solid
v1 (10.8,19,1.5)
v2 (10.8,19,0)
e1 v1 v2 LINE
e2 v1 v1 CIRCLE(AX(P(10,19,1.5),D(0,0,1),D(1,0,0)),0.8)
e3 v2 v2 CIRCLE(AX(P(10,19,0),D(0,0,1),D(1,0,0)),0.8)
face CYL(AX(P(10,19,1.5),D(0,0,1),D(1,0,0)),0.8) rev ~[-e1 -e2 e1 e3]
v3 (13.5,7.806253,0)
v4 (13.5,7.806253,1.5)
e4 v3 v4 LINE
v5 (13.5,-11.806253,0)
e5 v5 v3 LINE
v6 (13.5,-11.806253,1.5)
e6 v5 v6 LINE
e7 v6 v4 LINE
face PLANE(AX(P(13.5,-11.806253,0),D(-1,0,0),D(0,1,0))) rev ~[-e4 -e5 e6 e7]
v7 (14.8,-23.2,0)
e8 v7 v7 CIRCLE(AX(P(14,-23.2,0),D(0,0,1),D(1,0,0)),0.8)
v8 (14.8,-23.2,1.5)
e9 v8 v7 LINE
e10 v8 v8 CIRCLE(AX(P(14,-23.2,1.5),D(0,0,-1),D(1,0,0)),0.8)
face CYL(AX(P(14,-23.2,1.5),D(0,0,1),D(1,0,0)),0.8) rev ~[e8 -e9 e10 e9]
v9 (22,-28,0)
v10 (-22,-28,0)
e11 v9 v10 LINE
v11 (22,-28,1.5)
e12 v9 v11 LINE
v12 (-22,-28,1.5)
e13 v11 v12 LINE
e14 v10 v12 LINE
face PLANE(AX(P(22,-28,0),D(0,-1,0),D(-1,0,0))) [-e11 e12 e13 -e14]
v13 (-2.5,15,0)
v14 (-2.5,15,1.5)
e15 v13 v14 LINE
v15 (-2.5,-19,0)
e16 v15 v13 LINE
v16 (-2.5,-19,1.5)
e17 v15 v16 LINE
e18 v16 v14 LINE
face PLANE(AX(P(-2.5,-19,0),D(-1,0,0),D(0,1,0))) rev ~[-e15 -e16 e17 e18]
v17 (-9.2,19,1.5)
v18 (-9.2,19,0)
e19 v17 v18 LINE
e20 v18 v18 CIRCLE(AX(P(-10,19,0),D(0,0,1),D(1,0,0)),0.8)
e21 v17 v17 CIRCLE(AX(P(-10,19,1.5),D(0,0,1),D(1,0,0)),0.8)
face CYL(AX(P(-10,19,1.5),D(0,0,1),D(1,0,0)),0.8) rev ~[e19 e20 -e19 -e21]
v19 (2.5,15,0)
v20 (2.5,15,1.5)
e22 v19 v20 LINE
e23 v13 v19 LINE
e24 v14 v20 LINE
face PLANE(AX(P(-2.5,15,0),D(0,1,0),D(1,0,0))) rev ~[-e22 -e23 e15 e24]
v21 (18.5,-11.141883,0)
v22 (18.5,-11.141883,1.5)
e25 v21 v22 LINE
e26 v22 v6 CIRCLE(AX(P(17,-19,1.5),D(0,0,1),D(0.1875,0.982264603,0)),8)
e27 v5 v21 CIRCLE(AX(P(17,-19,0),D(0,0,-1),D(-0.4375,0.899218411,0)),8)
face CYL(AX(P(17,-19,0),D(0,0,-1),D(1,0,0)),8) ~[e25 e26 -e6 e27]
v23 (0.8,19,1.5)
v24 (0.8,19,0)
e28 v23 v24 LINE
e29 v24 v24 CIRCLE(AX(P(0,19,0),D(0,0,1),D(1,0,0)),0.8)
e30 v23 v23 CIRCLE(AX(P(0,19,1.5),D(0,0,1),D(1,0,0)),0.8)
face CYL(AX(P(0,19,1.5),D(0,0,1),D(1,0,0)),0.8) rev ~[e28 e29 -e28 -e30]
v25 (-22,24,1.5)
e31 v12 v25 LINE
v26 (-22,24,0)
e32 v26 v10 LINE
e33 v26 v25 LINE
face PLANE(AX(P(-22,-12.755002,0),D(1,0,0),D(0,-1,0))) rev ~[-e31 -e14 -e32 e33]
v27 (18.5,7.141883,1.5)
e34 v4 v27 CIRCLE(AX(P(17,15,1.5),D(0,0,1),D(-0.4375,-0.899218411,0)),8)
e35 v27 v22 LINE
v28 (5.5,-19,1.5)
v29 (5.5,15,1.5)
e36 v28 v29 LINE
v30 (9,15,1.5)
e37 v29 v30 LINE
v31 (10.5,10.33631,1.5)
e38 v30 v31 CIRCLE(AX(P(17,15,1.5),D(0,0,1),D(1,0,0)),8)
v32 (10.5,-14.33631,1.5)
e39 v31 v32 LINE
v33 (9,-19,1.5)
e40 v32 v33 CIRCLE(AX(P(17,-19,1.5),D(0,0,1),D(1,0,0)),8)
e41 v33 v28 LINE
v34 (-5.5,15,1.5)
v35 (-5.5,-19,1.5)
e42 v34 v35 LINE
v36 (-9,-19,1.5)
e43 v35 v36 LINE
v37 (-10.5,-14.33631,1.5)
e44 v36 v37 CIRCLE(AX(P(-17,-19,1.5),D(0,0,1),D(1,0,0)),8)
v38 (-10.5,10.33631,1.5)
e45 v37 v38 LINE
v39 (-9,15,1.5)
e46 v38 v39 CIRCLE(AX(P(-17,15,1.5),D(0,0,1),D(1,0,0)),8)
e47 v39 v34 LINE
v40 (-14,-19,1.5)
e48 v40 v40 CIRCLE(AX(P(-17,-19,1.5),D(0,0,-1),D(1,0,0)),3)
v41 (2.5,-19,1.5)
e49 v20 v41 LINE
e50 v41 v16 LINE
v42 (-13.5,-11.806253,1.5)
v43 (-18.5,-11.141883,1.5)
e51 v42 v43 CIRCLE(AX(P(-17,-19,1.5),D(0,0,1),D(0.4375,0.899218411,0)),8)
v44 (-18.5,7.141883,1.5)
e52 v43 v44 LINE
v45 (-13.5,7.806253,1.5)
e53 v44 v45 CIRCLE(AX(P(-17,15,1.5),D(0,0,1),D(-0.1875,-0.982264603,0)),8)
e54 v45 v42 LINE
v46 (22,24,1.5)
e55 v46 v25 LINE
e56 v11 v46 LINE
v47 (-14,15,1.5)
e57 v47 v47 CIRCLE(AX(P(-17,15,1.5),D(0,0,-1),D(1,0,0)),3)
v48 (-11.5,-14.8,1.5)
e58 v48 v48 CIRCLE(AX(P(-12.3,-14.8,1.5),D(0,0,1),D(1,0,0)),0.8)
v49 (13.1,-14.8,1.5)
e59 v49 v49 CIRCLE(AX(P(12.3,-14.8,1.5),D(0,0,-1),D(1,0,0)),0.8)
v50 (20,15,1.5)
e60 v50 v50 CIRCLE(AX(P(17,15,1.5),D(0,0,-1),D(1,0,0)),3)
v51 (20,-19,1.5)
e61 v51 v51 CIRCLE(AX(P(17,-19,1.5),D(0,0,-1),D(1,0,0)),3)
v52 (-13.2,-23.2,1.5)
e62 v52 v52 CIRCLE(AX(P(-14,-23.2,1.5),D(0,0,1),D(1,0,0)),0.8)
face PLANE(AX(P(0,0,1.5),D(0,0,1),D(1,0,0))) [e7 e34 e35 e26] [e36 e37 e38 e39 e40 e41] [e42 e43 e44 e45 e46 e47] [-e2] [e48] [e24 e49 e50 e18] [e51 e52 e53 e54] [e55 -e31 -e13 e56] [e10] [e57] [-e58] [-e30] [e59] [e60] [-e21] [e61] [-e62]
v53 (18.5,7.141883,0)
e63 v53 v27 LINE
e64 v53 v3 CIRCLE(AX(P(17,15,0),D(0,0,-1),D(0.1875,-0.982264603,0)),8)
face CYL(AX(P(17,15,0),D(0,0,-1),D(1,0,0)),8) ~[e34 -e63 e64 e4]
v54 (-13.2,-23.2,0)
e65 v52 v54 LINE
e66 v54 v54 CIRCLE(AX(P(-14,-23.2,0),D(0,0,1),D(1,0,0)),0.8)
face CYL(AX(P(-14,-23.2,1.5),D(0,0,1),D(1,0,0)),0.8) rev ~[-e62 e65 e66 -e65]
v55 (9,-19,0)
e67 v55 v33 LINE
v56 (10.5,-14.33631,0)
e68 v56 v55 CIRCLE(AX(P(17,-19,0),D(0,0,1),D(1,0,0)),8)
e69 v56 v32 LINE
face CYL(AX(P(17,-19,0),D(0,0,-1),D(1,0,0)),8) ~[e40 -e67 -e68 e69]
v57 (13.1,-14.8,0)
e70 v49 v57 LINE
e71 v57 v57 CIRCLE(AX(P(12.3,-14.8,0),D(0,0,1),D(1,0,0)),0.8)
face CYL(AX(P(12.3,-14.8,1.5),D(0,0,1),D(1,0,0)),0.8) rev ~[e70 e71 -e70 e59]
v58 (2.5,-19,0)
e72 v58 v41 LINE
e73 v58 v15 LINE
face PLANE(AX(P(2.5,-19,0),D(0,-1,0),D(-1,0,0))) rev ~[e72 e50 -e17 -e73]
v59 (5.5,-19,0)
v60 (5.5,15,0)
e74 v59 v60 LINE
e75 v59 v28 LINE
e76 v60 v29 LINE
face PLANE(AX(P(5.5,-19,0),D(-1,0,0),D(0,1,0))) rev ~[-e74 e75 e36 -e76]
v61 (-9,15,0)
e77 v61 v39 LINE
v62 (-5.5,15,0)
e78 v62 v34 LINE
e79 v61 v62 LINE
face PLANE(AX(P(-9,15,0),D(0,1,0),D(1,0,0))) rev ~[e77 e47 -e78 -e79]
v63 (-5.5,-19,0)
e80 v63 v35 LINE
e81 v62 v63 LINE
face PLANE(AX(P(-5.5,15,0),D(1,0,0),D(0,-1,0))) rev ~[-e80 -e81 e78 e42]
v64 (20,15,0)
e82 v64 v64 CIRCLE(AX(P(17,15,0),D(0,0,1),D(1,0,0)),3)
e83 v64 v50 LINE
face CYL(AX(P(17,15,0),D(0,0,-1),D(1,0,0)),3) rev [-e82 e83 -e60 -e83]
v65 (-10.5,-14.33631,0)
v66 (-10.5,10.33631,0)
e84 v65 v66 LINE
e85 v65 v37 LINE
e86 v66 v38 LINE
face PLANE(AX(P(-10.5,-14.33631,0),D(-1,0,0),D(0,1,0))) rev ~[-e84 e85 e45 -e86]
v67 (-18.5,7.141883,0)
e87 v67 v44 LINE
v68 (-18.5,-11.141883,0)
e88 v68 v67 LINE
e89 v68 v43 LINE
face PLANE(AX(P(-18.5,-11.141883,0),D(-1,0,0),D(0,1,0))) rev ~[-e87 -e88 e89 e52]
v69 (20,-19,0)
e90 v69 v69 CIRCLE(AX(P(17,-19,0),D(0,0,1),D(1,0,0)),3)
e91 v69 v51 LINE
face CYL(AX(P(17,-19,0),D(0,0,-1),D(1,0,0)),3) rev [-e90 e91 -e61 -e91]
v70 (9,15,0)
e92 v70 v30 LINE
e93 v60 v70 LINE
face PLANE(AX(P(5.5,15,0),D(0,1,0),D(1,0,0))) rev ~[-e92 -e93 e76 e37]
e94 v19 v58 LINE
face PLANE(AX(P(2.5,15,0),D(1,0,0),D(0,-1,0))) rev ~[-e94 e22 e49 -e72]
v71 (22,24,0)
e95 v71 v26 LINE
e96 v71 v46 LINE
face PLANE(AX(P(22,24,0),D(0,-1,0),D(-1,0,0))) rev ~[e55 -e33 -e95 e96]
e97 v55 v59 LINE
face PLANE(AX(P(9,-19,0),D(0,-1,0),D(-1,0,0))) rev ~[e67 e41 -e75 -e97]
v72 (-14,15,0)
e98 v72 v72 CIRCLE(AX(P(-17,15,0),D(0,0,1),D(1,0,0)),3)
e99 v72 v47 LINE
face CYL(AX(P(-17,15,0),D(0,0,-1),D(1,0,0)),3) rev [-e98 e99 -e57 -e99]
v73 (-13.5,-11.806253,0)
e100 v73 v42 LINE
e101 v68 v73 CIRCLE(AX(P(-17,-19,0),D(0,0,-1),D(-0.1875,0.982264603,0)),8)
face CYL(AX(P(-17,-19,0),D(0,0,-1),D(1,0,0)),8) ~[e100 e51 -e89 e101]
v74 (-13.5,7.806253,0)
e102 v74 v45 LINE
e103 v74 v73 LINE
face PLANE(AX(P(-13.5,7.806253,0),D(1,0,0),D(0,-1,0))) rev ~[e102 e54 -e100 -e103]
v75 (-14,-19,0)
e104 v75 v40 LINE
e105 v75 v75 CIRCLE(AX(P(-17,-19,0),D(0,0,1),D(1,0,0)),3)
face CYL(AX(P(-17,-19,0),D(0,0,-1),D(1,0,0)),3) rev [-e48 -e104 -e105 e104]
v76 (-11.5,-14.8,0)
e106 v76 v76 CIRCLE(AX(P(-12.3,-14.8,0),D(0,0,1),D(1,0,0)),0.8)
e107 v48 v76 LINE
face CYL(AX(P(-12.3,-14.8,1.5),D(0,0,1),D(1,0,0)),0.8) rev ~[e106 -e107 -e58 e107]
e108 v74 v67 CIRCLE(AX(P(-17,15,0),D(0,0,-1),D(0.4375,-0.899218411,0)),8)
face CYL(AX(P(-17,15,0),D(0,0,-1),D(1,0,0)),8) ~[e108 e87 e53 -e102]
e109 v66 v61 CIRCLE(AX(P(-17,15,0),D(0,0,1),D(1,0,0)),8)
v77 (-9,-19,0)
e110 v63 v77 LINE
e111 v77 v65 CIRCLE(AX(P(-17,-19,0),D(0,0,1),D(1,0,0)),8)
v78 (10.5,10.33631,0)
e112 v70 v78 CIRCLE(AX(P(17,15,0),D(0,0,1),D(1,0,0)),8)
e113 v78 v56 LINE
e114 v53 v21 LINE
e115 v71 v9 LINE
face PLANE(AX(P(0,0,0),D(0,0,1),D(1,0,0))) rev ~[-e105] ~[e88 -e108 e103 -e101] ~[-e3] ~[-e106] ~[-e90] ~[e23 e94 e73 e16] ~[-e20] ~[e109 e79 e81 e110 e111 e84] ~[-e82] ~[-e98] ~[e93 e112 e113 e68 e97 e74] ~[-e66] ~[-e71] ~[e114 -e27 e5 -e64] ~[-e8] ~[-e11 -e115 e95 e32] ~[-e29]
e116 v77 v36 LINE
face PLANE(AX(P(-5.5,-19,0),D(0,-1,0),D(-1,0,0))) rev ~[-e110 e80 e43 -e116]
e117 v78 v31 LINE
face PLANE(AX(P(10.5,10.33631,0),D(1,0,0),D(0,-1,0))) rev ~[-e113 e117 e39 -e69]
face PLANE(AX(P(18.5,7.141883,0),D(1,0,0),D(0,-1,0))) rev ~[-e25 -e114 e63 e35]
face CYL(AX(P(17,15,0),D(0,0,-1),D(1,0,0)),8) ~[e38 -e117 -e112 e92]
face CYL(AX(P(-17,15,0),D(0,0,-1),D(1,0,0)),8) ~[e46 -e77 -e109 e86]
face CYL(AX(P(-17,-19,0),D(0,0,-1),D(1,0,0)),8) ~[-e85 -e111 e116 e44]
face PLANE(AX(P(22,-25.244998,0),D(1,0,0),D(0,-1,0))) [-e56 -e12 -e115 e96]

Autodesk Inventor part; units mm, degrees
ref_plane "YZ Plane" through (0, 0, 0) normal (1, 0, 0) x (0, 1, 0)
ref_plane "XZ Plane" through (0, 0, 0) normal (0, 1, 0) x (-1, 0, 0)
ref_plane "XY Plane" through (0, 0, 0) normal (0, 0, 1) x (1, 0, 0)
sketch "スケッチ1" plane through (0, 0, 0) normal (0, 0, 1) x (1, 0, 0)
  line L0 (-22, -24) -> (22, -24)
  line L1 (22, -24) -> (22, 24)
  line L2 (22, 24) -> (-22, 24)
  line L3 (-22, 24) -> (-22, -24)
  line L4 (-22, -24) -> (22, 24) construction
  line L5 (22, -24) -> (-22, 24) construction
  line L6 (-17, 15) -> (17, 15)
  line L7 (17, 15) -> (17, -19)
  line L8 (17, -19) -> (-17, -19)
  line L9 (-17, -19) -> (-17, 15)
  circle A0 centre (-17, 15) radius 3
  circle A1 centre (17, 15) radius 3
  circle A2 centre (17, -19) radius 3
  circle A3 centre (-17, -19) radius 3
  circle A4 centre (-17, 15) radius 8
  circle A5 centre (17, 15) radius 8
  circle A6 centre (17, -19) radius 8
  circle A7 centre (-17, -19) radius 8
  line L10 (-22, -24) -> (22, -24)
  line L11 (22, -24) -> (22, -28)
  line L12 (22, -28) -> (-22, -28)
  line L13 (-22, -28) -> (-22, -24)
  line L14 (-2.5, 15) -> (2.5, 15)
  line L15 (2.5, 15) -> (2.5, -19)
  line L16 (2.5, -19) -> (-2.5, -19)
  line L17 (-2.5, -19) -> (-2.5, 15)
  line L18 (10.5, 15) -> (10.5, -19)
  line L19 (5.5, -19) -> (5.5, 15)
  line L20 (18.5, 15) -> (18.5, -19)
  line L21 (13.5, -19) -> (13.5, 15)
  line L22 (-5.5, 15) -> (-5.5, -19)
  line L23 (-10.5, -19) -> (-10.5, 15)
  line L24 (2.5, 15) -> (2.5, -19)
  line L25 (-2.5, -19) -> (-2.5, 15)
  line L26 (10.5, 15) -> (10.5, -19)
  line L27 (5.5, -19) -> (5.5, 15)
  line L28 (-13.5, 15) -> (-13.5, -19)
  line L29 (-18.5, -19) -> (-18.5, 15)
  line L30 (-5.5, 15) -> (-5.5, -19)
  line L31 (-10.5, -19) -> (-10.5, 15)
  line L32 (2.5, 15) -> (2.5, -19)
  line L33 (-2.5, -19) -> (-2.5, 15)
  point P0 (0, 0)
  point P1 (-9, 15)
  point P2 (9, 15)
  point P3 (17, 7)
  point P4 (17, -11)
  point P5 (9, -19)
  point P6 (-9, -19)
  point P7 (-17, -11)
  point P8 (-17, 7)
  point P9 (22, -24)
  point P10 (0, 15)
  point P11 (-18.5, 7.1419)
  point P12 (-18.5, -11.1419)
  point P13 (-13.5, -11.8063)
  point P14 (-13.5, 7.8063)
  point P15 (-10.5, 15)
  point P16 (-10.5, -19)
  point P17 (-5.5, -19)
  point P18 (-5.5, 15)
  point P19 (13.5, 7.8063)
  point P20 (13.5, -11.8063)
  point P21 (18.5, -11.1419)
  point P22 (18.5, 7.1419)
  point P23 (5.5, 15)
  point P24 (5.5, -19)
  point P25 (10.5, -19)
  point P26 (10.5, 15)
  point P27 (-2.5, -19)
  point P28 (2.5, 15)
  point P29 (-10.5, -14.3363)
  point P30 (-10.5, 10.3363)
  point P31 (10.5, 10.3363)
  point P32 (10.5, -14.3363)
  dimension "d0" = 48
  dimension "d1" = 44
  dimension "d2" = 34
  dimension "d3" = 5
  dimension "d4" = 5
  dimension "d5" = 6
  dimension "d6" = 16
  dimension "d11" = 4
  dimension "d12" = 5
  dimension "d15" = 8
  dimension "d18" = 8
extrude "プレート1" add sketch "スケッチ1" along normal blind 1.5 contours L3 A7 L29 A3 L8 L0 | L0 A7 L13 | A7 L8 A6 L0 | L0 A6 L11 L12 L13 A7 | L3 A4 L29 A7 | A6 L8 A2 L20 L1 L0 | L0 L11 A6 | L8 L23 A7 | L3 A4 L6 A0 L29 | A7 L9 A3 L29 | A6 L18 L8 | L22 L6 L17 L8 | L8 L28 A7 L23 | A7 L28 A4 L23 | L3 L2 L1 A5 L6 A4 | L29 A0 L9 A4 | A7 L28 L8 A3 L9 | A6 L20 A5 L1 | L18 A6 L21 L8 | L8 L15 L6 L19 | L18 A5 L21 A6 | L23 L6 A4 | A4 L28 L6 L23 | L9 A0 L6 L28 A4 | A5 L20 A1 L6 L1 | L20 A2 L7 A6 | L21 A6 L7 A2 L8 | L18 L6 L21 A5 | A5 L6 L18 | A5 L7 A1 L20 | L21 L6 A1 L7 A5
sketch "スケッチ2" plane through (0, 0, 1.5) normal (0, 0, 1) x (1, 0, 0)
  line L0 (11.5, -21.5) -> (11.5, -14.8) projected
  line L1 (11.5, -21.5) -> (12, -21.5) projected
  line L2 (12, -21.5) -> (12, -24) projected
  line L3 (18, -24) -> (14, -24) projected
  line L4 (18, -14) -> (18, -24) construction
  line L5 (12.3, -14) -> (18, -14) projected
  circle A0 centre (12.3, -14.8) radius 0.8
  circle A1 centre (14, -23.2) radius 0.8
  line L6 (0, 0) -> (0, -10)
  circle A2 centre (-12.3, -14.8) radius 0.8
  circle A3 centre (-14, -23.2) radius 0.8
  arc A4 (11.5, -14.8) -> (12.3, -14) centre (12.3, -14.8) ccw projected
  line L7 (14, -24) -> (12, -24) projected
  circle A5 centre (14, -23.2) radius 0.8 projected
  dimension "d21" = 1.6
  dimension "d22" = 1.6
  dimension "d25" = 2
extrude "切り取り1" cut sketch "スケッチ2" against normal blind 1.5
sketch "スケッチ3" plane through (0, 0, 1.5) normal (0, 0, 1) x (1, 0, 0)
  circle A0 centre (0, 19) radius 0.8
  circle A1 centre (-10, 19) radius 0.8
  circle A2 centre (10, 19) radius 0.8
  line L0 (-22, 24) -> (22, 24) projected
  point P0 (0, 0)
  point P1 (0, 24)
  dimension "d26" = 1.6
  dimension "d27" = 1.6
  dimension "d28" = 1.6
  dimension "d29" = 5
  dimension "d30" = 10
  dimension "d31" = 10
extrude "切り取り2" cut sketch "スケッチ3" against normal blind 1.5
equation "\"d4\" = d3"
equation "\"d23\" = Thickness"
equation "\"d32\" = Thickness"
equation "\"d10\" = Thickness"
equation "\"BendRadius\" = Thickness"
equation "\"BendReliefWidth\" = Thickness"
equation "\"BendReliefDepth\" = 0.5 * Thickness"
equation "\"CornerReliefSize\" = 4 * Thickness"
equation "\"MinimumRemnant\" = 2 * Thickness"
equation "\"TransitionRadius\" = BendRadius"
equation "\"JacobiRadiusSize\" = BendRadius"
equation "\"GapSize\" = Thickness"
equation "\"Thickness\" = 1.5"
properties part number "board_setter_base" material "アルミニウム 6061"
